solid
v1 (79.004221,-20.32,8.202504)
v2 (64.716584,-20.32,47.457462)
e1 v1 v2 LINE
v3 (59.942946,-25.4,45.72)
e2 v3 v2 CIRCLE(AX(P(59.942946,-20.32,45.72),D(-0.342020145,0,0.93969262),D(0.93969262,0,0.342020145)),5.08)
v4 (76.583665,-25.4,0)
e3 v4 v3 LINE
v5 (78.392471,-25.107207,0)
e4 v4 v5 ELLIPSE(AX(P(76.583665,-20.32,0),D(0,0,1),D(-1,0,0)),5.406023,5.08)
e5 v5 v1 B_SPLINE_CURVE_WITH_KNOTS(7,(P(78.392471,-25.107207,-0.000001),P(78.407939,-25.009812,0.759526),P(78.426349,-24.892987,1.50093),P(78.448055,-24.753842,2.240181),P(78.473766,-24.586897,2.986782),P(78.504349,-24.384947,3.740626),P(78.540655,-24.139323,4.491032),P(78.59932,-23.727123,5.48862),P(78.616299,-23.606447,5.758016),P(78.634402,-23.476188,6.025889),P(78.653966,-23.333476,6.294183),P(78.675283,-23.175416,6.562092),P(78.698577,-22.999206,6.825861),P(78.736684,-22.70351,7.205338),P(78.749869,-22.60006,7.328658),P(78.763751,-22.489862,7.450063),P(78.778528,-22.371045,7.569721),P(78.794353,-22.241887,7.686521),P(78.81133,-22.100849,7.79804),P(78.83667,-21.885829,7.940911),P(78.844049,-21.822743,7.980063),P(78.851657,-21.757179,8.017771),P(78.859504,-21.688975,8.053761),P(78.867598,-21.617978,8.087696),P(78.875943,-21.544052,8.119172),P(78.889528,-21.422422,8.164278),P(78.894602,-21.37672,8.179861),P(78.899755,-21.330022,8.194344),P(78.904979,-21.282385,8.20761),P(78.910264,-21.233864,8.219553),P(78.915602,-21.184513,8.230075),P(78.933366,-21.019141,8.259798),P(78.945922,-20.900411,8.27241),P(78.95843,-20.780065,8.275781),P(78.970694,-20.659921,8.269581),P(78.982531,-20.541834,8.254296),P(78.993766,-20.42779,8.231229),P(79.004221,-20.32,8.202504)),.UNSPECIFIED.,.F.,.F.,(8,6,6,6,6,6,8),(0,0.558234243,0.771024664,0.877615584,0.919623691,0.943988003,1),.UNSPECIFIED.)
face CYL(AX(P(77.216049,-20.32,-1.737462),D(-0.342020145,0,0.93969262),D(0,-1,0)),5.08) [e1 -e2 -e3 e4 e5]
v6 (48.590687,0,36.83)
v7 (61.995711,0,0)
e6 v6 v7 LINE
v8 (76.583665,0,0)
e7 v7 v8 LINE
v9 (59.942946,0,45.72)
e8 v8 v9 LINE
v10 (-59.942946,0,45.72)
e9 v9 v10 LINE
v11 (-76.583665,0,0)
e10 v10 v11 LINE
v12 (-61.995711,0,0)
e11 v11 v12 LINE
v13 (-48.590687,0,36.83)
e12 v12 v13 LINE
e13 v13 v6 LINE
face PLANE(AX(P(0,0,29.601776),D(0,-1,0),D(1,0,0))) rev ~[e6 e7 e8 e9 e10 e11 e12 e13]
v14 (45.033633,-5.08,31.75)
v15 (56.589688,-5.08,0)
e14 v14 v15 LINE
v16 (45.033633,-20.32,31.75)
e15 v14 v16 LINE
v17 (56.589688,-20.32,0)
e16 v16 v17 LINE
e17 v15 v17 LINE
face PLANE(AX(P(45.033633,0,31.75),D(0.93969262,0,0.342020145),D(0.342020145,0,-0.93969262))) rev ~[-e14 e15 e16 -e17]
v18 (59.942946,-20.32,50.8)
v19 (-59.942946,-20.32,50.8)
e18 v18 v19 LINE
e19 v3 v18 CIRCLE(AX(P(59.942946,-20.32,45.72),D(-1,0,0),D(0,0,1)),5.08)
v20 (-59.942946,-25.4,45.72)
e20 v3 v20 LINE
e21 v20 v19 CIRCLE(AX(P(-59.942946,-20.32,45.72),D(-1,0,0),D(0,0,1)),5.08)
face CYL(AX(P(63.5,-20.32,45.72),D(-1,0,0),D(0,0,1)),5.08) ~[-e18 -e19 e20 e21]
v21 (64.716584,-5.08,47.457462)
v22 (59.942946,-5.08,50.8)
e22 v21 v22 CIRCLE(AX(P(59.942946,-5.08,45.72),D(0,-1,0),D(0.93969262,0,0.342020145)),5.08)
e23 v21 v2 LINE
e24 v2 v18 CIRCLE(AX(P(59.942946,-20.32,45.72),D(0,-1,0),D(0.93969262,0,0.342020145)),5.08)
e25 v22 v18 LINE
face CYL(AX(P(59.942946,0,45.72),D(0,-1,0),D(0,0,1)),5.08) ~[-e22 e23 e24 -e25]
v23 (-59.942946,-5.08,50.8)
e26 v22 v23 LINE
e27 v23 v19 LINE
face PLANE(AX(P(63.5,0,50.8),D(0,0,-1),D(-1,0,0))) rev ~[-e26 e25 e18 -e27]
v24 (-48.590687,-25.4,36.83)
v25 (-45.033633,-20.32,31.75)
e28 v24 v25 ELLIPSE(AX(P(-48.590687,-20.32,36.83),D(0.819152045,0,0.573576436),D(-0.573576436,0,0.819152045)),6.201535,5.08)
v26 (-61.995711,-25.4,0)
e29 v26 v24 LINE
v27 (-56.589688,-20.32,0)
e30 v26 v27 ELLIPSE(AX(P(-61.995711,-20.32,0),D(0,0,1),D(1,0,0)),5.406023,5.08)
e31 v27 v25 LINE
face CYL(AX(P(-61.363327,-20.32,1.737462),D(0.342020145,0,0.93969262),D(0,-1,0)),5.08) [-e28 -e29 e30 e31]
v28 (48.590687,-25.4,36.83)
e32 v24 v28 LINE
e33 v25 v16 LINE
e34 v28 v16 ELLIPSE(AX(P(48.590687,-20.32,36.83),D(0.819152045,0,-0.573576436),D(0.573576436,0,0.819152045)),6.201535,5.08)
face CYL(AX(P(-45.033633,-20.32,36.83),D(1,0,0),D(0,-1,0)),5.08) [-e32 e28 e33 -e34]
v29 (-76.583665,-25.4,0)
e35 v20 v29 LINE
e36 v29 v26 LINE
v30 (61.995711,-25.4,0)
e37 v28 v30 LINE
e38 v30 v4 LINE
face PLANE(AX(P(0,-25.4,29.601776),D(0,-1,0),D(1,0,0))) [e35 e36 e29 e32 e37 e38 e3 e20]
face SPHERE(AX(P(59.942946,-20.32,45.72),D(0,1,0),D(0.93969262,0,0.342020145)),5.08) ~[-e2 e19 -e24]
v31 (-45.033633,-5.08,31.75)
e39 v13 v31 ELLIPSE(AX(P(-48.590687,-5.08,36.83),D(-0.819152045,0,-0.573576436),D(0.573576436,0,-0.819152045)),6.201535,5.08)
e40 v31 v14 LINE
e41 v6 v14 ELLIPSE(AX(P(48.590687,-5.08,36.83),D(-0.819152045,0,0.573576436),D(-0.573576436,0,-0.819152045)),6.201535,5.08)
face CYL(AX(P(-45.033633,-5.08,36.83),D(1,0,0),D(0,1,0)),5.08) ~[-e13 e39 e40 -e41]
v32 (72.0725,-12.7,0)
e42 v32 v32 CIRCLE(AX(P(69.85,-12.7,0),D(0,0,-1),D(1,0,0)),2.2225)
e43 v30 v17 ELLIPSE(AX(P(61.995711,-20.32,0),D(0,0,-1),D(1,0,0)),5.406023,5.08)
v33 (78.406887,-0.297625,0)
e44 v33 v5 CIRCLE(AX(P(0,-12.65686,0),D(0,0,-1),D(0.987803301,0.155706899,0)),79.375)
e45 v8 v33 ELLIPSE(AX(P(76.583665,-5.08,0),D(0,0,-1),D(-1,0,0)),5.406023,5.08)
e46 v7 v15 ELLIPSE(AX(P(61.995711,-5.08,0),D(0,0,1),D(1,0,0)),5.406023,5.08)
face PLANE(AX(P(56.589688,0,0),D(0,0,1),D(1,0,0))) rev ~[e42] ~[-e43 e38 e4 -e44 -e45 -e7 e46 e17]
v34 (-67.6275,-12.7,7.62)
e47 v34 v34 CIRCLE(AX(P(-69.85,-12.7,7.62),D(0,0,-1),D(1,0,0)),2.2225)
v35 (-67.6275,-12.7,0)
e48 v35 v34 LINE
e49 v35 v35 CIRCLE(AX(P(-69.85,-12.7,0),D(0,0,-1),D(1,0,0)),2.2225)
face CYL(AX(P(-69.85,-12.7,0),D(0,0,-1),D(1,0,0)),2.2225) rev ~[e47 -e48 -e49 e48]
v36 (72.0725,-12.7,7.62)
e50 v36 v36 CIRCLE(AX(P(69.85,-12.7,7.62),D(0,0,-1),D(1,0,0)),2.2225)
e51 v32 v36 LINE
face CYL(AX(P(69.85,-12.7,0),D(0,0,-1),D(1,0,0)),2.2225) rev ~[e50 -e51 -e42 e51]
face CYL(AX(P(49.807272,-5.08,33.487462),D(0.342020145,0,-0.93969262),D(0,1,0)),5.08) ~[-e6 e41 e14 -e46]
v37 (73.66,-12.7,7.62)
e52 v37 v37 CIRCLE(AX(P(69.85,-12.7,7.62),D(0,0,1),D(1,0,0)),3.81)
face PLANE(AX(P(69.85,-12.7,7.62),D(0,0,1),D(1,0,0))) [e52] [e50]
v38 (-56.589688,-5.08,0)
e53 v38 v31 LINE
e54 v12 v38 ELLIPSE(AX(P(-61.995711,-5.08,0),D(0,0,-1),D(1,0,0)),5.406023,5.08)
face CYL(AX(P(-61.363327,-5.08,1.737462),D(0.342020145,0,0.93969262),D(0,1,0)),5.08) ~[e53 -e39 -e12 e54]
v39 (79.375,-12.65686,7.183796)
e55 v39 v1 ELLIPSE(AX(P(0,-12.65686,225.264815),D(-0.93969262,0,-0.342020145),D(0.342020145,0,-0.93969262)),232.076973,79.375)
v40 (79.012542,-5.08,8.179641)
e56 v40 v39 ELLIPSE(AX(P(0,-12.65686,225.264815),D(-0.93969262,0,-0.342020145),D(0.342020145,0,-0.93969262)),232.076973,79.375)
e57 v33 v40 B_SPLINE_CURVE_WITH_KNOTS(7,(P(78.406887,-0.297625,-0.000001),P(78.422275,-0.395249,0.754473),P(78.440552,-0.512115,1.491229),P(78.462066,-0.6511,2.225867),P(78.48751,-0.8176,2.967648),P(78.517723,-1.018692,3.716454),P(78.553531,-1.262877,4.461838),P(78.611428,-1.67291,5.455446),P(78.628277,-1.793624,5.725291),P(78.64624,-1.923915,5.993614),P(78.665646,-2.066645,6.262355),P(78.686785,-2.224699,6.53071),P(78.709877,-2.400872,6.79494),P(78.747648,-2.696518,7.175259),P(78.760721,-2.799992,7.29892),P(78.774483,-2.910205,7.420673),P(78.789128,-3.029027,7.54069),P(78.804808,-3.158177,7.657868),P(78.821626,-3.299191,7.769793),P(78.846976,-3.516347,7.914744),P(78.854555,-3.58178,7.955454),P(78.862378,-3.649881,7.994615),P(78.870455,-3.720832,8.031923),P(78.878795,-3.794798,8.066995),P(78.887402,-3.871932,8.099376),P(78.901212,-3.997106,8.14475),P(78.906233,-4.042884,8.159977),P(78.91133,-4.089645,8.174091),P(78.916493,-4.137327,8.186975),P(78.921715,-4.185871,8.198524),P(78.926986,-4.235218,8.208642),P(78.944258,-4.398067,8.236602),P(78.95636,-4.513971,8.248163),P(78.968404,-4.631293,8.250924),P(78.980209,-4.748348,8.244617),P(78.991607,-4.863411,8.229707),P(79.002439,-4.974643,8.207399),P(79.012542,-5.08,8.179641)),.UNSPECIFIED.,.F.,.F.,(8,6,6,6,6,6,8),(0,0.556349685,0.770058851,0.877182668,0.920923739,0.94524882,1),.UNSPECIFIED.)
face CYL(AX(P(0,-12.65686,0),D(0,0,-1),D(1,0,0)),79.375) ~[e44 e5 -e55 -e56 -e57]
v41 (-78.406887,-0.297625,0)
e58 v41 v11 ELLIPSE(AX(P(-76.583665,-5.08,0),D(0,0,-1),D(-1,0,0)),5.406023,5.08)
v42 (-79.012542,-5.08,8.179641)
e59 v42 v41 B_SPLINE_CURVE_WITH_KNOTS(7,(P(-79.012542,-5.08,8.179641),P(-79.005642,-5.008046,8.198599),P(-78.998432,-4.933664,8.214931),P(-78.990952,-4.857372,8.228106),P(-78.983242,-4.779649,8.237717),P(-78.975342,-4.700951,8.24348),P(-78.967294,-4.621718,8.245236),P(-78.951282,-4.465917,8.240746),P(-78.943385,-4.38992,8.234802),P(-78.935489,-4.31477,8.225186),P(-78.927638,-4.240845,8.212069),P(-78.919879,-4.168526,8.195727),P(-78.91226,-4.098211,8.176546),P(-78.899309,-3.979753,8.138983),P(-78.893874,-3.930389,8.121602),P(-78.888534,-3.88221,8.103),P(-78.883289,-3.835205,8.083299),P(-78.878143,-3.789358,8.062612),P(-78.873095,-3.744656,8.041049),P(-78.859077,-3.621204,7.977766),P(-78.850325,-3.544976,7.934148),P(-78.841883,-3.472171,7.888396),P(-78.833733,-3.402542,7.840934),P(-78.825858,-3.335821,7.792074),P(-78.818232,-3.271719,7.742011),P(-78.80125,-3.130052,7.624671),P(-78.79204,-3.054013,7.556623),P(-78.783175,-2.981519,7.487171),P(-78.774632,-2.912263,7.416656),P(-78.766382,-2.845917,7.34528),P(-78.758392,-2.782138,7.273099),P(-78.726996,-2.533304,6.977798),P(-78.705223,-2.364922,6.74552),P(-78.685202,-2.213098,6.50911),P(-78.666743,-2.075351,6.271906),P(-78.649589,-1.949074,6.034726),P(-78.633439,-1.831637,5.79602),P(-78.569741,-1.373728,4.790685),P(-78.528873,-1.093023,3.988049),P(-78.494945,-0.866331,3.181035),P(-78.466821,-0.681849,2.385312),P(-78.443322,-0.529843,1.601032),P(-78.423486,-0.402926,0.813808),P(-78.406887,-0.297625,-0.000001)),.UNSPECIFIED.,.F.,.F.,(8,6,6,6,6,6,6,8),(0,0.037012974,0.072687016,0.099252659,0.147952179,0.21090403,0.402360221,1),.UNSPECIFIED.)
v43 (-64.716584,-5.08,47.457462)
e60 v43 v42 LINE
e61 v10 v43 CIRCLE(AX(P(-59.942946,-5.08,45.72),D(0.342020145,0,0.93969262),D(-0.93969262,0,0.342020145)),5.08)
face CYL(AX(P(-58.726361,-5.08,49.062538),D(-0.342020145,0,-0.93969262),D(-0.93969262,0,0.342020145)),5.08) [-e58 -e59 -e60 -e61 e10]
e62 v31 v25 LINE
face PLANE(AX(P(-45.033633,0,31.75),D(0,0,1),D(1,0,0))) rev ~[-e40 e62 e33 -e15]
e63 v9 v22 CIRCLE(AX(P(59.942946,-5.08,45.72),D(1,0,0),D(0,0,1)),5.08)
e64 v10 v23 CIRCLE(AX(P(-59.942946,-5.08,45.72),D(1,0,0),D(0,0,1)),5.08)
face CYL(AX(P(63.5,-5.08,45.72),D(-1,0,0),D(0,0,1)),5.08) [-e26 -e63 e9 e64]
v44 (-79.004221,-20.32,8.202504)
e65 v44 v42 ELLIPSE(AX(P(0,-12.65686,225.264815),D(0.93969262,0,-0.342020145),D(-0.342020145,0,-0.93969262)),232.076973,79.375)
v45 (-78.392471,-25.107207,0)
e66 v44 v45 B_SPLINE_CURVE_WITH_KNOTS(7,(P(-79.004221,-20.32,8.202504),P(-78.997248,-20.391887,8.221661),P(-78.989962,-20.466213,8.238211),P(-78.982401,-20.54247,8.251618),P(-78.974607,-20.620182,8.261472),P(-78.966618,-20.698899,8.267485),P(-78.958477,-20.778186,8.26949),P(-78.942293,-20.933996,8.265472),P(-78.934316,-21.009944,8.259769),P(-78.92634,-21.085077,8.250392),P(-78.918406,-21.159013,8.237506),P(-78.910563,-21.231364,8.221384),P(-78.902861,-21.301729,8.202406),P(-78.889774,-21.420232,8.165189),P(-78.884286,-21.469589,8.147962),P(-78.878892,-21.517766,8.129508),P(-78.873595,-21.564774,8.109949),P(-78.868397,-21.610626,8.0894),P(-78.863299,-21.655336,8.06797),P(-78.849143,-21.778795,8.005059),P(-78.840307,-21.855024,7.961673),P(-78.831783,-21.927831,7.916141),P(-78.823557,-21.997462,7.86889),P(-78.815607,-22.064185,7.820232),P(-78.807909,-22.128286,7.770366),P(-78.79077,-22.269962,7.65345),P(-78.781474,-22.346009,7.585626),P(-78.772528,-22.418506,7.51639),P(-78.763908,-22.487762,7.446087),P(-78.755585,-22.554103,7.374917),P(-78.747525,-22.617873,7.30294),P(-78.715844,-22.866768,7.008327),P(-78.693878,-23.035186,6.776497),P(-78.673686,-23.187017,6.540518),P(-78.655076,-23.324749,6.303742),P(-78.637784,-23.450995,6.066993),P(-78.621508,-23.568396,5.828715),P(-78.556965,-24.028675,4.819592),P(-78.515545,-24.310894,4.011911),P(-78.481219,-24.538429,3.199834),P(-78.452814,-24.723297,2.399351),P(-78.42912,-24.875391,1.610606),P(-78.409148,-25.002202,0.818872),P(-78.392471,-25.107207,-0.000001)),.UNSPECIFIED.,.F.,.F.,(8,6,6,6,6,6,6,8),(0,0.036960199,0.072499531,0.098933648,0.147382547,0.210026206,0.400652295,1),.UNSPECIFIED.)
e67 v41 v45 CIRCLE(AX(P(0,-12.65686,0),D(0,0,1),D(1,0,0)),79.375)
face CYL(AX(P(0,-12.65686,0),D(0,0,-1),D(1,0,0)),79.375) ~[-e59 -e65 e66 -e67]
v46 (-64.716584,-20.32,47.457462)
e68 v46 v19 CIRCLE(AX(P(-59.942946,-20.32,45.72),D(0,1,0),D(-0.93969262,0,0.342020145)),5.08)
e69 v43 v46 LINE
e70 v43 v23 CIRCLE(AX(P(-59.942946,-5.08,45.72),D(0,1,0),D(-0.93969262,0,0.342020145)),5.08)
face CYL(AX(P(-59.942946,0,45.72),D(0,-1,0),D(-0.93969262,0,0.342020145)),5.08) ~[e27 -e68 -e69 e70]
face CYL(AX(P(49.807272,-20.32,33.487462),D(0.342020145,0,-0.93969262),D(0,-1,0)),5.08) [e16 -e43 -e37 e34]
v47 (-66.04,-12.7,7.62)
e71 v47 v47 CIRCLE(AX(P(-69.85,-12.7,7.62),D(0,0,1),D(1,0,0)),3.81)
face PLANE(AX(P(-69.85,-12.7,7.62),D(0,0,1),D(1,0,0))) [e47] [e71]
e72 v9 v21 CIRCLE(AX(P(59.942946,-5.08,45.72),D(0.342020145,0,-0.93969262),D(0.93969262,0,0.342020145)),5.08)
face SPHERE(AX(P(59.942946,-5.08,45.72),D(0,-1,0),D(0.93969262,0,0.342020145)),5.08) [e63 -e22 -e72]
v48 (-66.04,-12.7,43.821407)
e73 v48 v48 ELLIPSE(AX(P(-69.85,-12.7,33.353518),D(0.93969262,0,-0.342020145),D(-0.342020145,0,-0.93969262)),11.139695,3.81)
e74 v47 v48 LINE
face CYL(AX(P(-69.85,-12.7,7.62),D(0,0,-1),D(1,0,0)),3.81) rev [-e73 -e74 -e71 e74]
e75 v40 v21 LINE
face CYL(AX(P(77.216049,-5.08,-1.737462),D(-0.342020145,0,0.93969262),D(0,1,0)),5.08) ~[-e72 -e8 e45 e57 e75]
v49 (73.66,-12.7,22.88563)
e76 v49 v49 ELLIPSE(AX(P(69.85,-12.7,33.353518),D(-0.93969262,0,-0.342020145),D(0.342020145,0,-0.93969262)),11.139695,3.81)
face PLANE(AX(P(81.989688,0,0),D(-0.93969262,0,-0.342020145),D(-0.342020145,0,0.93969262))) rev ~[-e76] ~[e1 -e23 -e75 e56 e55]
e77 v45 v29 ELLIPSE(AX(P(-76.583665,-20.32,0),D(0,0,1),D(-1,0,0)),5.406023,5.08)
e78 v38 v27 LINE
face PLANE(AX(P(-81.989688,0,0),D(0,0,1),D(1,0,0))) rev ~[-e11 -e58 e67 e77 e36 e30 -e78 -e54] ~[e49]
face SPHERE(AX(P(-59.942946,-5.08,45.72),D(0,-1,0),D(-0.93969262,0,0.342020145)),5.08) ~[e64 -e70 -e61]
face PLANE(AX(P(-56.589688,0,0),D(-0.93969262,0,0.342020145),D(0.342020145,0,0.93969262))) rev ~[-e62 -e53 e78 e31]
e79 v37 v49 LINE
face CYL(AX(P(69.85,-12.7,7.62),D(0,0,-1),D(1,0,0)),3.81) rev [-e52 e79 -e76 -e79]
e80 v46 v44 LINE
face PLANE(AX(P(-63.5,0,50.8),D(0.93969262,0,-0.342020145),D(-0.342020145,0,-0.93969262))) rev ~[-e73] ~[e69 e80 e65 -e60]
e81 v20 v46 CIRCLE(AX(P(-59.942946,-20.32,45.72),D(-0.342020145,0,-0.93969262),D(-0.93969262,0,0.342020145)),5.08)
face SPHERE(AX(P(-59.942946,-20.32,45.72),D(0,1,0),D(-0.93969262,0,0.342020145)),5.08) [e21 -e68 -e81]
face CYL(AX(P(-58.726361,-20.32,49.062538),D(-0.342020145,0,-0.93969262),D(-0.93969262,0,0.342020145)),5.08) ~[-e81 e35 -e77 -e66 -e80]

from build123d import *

# Parameters (mm, degrees)
F1_DEPTH = 25.4
F2_R     = 2.2225
F3_DEPTH = 33.353518
F4_R     = 5.08
F6_R     = 3.81
F7_DEPTH = 43.18
F8_R     = 88.709103
F8_R_2   = 79.375
F9_DEPTH = 25.4


with BuildPart() as f1:
    # F0 (on Front) → F1 (new body)
    with BuildSketch(Plane.XZ):
        Polygon((-63.5, 50.8), (-81.989688, 0), (-56.589688, 0), (-45.033633, 31.75), (45.033633, 31.75), (56.589688, 0), (81.989688, 0), (63.5, 50.8), align=None)
    extrude(amount=F1_DEPTH)

    # F2 (on face) → F3 (cut, through all)
    with BuildSketch(Plane(origin=(0, 0, 0), x_dir=(1, 0, 0), z_dir=(0, 0, -1))):
        with Locations((69.85, 12.7)):
            Circle(F2_R)
        with Locations((-69.85, 12.7)):
            Circle(F2_R)
    extrude(amount=-F3_DEPTH, mode=Mode.SUBTRACT)

    # F4
    f4_edges = [f1.edges().sort_by_distance(p)[0] for p in [
        (-72.744844, -25.4, 25.4),
        (-50.81166, -25.4, 15.875),
        (0, -25.4, 31.75),
        (50.81166, -25.4, 15.875),
        (72.744844, -25.4, 25.4),
        (0, -25.4, 50.8),
        (72.744844, 0, 25.4),
        (50.81166, 0, 15.875),
        (0, 0, 31.75),
        (-50.81166, 0, 15.875),
        (-72.744844, 0, 25.4),
        (0, 0, 50.8),
        (-63.5, -12.7, 50.8),
        (63.5, -12.7, 50.8),
    ]]
    fillet(f4_edges, radius=F4_R)

    # F6 (on offset) → F7 (cut, through all)
    with BuildSketch(Plane.XY.offset(7.62)):
        with Locations((-69.85, -12.7)):
            Circle(F6_R)
        with Locations((69.85, -12.7)):
            Circle(F6_R)
    extrude(amount=F7_DEPTH, mode=Mode.SUBTRACT)

    # F8 (on Top) → F9 (cut)
    with BuildSketch(Plane.XY):
        with Locations((0, -12.65686)):
            Circle(F8_R)
        with Locations((0, -12.65686)):
            Circle(F8_R_2, mode=Mode.SUBTRACT)
    extrude(amount=F9_DEPTH, mode=Mode.SUBTRACT)


solid = f1.part
